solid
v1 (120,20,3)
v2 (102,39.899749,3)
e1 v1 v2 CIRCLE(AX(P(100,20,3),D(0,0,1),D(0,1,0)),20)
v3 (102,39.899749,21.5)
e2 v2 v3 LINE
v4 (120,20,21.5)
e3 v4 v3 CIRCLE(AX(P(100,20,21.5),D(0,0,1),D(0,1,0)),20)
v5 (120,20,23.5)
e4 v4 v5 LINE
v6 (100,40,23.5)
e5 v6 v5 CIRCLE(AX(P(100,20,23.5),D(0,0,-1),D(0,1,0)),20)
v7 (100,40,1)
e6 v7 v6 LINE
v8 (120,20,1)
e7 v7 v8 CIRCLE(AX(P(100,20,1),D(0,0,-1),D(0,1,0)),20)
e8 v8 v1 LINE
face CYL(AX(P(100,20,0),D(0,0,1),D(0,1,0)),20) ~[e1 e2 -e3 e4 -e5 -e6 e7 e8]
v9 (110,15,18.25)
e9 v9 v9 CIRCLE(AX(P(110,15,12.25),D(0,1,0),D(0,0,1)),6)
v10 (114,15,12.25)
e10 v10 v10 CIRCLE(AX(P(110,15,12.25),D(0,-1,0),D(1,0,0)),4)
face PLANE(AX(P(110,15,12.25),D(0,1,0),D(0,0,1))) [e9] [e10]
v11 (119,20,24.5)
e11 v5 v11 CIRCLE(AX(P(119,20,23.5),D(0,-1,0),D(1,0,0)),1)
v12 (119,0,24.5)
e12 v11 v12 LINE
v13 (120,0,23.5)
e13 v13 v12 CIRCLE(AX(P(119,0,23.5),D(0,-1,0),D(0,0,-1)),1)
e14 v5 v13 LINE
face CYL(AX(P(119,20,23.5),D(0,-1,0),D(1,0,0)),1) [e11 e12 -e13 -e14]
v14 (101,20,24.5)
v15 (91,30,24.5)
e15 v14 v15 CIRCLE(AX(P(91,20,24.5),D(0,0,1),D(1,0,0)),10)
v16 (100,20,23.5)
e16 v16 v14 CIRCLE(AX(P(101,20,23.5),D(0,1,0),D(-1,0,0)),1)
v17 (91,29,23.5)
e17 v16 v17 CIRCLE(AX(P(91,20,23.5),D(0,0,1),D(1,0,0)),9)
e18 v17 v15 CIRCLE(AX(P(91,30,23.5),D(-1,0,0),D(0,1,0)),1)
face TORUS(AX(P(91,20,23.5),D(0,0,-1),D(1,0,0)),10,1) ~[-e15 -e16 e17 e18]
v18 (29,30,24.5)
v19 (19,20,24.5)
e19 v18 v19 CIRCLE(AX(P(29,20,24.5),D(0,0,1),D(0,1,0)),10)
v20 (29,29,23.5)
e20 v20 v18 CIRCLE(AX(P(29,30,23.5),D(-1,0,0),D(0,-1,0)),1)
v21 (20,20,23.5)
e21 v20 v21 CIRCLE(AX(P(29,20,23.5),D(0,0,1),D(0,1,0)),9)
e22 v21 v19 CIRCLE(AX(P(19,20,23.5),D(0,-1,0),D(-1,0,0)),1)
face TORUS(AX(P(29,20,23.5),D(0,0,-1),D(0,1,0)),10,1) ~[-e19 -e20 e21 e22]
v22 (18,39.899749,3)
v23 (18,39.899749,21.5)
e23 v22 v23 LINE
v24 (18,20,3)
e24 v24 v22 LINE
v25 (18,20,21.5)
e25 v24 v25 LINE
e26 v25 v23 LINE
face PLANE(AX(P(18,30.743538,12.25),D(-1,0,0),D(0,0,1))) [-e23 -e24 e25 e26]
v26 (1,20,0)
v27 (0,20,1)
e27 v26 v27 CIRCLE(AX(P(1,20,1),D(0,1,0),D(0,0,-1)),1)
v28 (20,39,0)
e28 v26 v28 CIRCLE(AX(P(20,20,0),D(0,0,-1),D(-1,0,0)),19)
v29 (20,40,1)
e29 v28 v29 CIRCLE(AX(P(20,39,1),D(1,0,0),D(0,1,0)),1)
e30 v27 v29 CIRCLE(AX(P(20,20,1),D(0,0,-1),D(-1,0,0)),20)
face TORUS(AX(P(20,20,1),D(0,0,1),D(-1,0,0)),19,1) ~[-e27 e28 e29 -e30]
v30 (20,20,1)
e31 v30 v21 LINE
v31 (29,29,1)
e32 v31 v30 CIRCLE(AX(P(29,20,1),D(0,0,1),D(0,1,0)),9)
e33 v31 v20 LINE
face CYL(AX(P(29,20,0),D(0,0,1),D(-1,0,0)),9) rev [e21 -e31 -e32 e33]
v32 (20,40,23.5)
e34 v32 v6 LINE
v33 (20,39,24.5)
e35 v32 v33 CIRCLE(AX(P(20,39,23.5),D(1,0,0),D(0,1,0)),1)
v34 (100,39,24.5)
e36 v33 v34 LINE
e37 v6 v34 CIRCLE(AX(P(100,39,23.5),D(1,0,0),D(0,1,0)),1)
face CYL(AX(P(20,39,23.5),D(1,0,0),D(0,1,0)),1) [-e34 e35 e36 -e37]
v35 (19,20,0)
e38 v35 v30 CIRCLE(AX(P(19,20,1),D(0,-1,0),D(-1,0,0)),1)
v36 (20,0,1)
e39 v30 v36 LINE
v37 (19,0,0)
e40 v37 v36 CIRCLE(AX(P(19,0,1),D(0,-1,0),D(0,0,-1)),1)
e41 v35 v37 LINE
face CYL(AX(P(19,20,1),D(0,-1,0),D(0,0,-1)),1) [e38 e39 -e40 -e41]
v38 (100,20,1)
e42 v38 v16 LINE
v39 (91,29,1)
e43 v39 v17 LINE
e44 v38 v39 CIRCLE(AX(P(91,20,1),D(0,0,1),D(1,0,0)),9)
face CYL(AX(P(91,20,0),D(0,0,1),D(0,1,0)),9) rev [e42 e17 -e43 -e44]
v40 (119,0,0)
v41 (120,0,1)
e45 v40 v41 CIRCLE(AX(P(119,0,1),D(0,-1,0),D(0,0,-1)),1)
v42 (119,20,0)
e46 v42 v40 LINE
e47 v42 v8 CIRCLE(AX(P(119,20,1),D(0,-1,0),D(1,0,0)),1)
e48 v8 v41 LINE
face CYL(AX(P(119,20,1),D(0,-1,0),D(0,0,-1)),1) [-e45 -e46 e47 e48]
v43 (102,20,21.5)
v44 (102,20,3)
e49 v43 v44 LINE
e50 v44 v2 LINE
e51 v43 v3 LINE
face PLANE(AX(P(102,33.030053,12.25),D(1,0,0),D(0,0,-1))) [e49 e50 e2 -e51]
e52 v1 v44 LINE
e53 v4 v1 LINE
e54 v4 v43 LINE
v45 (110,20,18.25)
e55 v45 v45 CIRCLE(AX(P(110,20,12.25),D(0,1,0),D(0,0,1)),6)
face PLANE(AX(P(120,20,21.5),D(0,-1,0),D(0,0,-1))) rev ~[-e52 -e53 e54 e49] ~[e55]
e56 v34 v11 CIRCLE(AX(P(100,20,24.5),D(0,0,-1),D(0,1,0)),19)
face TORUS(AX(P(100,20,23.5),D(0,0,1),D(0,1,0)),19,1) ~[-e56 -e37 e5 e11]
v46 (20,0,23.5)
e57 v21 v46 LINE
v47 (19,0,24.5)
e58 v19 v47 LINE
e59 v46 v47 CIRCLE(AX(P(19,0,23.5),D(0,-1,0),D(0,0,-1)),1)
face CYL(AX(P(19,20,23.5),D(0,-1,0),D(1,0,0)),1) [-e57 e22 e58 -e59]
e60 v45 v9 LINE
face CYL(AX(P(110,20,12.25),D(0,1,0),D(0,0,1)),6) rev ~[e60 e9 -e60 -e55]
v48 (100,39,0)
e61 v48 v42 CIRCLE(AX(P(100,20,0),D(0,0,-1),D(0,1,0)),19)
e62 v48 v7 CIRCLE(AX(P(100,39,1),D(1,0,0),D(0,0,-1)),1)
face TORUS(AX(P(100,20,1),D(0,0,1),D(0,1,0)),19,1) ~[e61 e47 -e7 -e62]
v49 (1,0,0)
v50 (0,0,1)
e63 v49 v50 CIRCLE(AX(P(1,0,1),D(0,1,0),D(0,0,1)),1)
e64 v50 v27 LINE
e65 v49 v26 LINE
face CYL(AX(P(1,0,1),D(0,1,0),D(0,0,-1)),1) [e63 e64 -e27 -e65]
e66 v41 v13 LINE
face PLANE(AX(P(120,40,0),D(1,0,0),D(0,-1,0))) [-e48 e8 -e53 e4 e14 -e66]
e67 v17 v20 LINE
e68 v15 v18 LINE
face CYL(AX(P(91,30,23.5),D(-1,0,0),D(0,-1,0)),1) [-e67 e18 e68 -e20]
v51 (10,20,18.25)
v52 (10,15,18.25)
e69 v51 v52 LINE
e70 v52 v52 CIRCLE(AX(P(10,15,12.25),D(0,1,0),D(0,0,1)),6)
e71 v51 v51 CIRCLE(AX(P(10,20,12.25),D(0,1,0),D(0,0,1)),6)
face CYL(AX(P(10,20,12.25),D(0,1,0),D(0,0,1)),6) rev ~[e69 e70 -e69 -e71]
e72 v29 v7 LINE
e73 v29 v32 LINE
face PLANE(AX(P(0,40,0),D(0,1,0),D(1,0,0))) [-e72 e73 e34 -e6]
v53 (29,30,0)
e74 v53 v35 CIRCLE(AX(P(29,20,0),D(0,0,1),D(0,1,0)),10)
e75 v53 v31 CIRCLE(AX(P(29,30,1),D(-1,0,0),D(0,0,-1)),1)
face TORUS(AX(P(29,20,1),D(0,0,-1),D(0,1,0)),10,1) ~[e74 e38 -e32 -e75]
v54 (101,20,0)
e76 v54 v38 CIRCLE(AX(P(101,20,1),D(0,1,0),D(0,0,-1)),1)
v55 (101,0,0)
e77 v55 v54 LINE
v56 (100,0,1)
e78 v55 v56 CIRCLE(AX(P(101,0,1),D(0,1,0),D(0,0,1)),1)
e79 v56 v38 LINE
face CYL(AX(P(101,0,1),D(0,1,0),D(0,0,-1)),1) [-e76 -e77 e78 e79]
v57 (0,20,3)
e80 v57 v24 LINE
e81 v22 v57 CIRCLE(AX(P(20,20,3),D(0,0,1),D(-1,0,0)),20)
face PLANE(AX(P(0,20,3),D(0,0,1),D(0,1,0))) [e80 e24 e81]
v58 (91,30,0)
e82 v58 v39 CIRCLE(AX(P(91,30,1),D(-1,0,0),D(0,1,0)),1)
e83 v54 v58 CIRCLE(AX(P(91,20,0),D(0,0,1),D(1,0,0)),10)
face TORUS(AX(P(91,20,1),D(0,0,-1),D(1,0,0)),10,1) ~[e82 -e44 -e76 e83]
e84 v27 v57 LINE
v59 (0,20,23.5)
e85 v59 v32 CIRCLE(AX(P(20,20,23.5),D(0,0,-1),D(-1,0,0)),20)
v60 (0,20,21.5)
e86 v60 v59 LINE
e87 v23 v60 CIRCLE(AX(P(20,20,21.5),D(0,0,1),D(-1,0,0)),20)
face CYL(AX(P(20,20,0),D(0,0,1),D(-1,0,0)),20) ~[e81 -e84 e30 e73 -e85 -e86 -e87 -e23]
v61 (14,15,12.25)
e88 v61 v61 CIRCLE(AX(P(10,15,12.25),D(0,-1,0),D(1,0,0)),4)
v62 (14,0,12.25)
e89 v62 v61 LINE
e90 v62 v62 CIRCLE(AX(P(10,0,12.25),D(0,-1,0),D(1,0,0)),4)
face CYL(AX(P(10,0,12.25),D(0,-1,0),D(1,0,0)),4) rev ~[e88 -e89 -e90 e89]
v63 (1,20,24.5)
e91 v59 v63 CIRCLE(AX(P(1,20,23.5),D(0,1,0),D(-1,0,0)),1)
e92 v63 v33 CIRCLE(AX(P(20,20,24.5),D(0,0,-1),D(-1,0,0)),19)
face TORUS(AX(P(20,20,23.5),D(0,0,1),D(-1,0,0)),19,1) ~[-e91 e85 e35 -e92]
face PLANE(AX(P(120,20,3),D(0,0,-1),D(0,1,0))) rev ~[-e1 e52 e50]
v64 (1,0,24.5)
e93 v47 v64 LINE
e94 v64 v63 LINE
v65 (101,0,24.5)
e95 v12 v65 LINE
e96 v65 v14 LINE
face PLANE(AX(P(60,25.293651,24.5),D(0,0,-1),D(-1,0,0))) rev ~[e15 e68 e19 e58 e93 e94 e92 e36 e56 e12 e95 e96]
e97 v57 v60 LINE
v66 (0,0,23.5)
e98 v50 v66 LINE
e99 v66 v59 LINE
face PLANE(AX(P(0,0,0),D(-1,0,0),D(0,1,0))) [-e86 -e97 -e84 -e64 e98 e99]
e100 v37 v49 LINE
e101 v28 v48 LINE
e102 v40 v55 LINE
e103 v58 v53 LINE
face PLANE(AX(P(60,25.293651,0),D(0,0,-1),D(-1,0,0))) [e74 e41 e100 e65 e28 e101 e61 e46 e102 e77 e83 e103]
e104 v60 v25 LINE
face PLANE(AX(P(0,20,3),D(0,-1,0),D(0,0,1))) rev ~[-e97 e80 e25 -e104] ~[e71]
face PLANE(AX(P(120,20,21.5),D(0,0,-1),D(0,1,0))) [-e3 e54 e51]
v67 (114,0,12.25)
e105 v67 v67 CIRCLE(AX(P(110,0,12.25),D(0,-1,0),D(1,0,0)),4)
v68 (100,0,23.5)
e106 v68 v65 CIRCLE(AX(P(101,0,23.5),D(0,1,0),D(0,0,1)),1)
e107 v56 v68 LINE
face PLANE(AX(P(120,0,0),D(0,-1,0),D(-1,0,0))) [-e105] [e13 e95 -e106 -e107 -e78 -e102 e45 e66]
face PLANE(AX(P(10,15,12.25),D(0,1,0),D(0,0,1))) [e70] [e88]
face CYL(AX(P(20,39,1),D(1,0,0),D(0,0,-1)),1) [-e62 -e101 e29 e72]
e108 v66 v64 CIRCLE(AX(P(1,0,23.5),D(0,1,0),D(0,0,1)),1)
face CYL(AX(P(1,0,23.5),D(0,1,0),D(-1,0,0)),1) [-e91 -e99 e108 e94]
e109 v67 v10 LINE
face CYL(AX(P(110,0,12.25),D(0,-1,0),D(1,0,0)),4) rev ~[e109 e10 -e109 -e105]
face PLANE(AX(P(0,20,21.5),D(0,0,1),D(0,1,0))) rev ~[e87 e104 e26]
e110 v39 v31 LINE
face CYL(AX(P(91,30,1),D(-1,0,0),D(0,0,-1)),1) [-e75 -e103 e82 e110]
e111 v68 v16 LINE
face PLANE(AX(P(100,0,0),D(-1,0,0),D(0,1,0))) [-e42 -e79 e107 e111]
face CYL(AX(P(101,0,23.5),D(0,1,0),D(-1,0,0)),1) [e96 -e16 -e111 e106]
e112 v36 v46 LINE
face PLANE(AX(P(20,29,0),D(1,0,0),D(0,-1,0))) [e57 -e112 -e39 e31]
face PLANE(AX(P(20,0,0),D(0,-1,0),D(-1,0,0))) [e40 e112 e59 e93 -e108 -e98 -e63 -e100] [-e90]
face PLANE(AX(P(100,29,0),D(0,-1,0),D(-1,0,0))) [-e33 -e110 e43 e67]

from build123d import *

# Parameters (mm, degrees)
EXTRUDE_1_DEPTH     = 24.5
FILLET_1_R          = 20
FILLET_2_R          = 9
SKETCH_2_W          = 18.5
SKETCH_2_H          = 26.060105981
CUT_EXTRUDE_1_DEPTH = 18
SKETCH_3_W          = 18.5
SKETCH_3_H          = 21.487076152
CUT_EXTRUDE_2_DEPTH = 18
FILLET_3_R          = 1
SKETCH_6_R          = 4
CUT_EXTRUDE_3_DEPTH = 129.841957452
SKETCH_7_R          = 6
CUT_EXTRUDE_4_DEPTH = 5


with BuildPart() as part:
    # Эскиз1 → Бобышка-Вытянуть1 (new body)
    with BuildSketch(Plane.XY):
        Polygon((0, 0), (0, 40), (120, 40), (120, 0), (100, 0), (100, 29), (20, 29), (20, 0), align=None)
    extrude(amount=EXTRUDE_1_DEPTH)

    # Скругление1
    fillet_1_edges = [part.edges().sort_by_distance(p)[0] for p in [
        (0, 40, 12.25),
        (120, 40, 12.25),
    ]]
    fillet(fillet_1_edges, radius=FILLET_1_R)

    # Скругление2
    fillet_2_edges = [part.edges().sort_by_distance(p)[0] for p in [
        (100, 29, 12.25),
        (20, 29, 12.25),
    ]]
    fillet(fillet_2_edges, radius=FILLET_2_R)

    # Эскиз2 → Вырез-Вытянуть1 (cut)
    with BuildSketch(Plane(origin=(120, 0, 0), x_dir=(0, 0, -1), z_dir=(1, 0, 0))):
        with Locations((-12.25, 33.03005299)):
            Rectangle(SKETCH_2_W, SKETCH_2_H)
    extrude(amount=-CUT_EXTRUDE_1_DEPTH, mode=Mode.SUBTRACT)

    # Эскиз3 → Вырез-Вытянуть2 (cut)
    with BuildSketch(Plane.ZY):
        with Locations((12.25, 30.743538076)):
            Rectangle(SKETCH_3_W, SKETCH_3_H)
    extrude(amount=-CUT_EXTRUDE_2_DEPTH, mode=Mode.SUBTRACT)

    # Скругление3
    fillet_3_edges = [part.edges().sort_by_distance(p)[0] for p in [
        (20, 10, 0),
        (120, 10, 24.5),
        (0, 10, 0),
        (0, 10, 24.5),
        (60, 40, 0),
        (114.142135624, 34.142135624, 0),
        (5.857864376, 34.142135624, 0),
        (60, 40, 24.5),
        (114.142135624, 34.142135624, 24.5),
        (5.857864376, 34.142135624, 24.5),
        (60, 29, 0),
        (60, 29, 24.5),
        (100, 10, 0),
        (100, 10, 24.5),
        (22.636038969, 26.363961031, 0),
        (22.636038969, 26.363961031, 24.5),
        (97.363961031, 26.363961031, 0),
        (97.363961031, 26.363961031, 24.5),
        (20, 10, 24.5),
        (120, 10, 0),
    ]]
    fillet(fillet_3_edges, radius=FILLET_3_R)

    # Эскиз6 → Вырез-Вытянуть3 (cut, through all)
    with BuildSketch(Plane(origin=(0, 0, 0), x_dir=(-1, 0, 0), z_dir=(0, -1, 0))):
        with Locations(Location((-10, -12.25, 0), (0, 0, 180))):
            Circle(SKETCH_6_R)
        with Locations(Location((-110, -12.25, 0), (0, 0, 180))):
            Circle(SKETCH_6_R)
    extrude(amount=-CUT_EXTRUDE_3_DEPTH, mode=Mode.SUBTRACT)

    # Эскиз7 → Вырез-Вытянуть4 (cut)
    with BuildSketch(Plane(origin=(0, 20, 0), x_dir=(1, 0, 0), z_dir=(0, 1, 0))):
        with Locations(Location((10, -12.25, 0), (0, 0, 270))):
            Circle(SKETCH_7_R)
        with Locations(Location((110, -12.25, 0), (0, 0, 270))):
            Circle(SKETCH_7_R)
    extrude(amount=-CUT_EXTRUDE_4_DEPTH, mode=Mode.SUBTRACT)


solid = part.part
